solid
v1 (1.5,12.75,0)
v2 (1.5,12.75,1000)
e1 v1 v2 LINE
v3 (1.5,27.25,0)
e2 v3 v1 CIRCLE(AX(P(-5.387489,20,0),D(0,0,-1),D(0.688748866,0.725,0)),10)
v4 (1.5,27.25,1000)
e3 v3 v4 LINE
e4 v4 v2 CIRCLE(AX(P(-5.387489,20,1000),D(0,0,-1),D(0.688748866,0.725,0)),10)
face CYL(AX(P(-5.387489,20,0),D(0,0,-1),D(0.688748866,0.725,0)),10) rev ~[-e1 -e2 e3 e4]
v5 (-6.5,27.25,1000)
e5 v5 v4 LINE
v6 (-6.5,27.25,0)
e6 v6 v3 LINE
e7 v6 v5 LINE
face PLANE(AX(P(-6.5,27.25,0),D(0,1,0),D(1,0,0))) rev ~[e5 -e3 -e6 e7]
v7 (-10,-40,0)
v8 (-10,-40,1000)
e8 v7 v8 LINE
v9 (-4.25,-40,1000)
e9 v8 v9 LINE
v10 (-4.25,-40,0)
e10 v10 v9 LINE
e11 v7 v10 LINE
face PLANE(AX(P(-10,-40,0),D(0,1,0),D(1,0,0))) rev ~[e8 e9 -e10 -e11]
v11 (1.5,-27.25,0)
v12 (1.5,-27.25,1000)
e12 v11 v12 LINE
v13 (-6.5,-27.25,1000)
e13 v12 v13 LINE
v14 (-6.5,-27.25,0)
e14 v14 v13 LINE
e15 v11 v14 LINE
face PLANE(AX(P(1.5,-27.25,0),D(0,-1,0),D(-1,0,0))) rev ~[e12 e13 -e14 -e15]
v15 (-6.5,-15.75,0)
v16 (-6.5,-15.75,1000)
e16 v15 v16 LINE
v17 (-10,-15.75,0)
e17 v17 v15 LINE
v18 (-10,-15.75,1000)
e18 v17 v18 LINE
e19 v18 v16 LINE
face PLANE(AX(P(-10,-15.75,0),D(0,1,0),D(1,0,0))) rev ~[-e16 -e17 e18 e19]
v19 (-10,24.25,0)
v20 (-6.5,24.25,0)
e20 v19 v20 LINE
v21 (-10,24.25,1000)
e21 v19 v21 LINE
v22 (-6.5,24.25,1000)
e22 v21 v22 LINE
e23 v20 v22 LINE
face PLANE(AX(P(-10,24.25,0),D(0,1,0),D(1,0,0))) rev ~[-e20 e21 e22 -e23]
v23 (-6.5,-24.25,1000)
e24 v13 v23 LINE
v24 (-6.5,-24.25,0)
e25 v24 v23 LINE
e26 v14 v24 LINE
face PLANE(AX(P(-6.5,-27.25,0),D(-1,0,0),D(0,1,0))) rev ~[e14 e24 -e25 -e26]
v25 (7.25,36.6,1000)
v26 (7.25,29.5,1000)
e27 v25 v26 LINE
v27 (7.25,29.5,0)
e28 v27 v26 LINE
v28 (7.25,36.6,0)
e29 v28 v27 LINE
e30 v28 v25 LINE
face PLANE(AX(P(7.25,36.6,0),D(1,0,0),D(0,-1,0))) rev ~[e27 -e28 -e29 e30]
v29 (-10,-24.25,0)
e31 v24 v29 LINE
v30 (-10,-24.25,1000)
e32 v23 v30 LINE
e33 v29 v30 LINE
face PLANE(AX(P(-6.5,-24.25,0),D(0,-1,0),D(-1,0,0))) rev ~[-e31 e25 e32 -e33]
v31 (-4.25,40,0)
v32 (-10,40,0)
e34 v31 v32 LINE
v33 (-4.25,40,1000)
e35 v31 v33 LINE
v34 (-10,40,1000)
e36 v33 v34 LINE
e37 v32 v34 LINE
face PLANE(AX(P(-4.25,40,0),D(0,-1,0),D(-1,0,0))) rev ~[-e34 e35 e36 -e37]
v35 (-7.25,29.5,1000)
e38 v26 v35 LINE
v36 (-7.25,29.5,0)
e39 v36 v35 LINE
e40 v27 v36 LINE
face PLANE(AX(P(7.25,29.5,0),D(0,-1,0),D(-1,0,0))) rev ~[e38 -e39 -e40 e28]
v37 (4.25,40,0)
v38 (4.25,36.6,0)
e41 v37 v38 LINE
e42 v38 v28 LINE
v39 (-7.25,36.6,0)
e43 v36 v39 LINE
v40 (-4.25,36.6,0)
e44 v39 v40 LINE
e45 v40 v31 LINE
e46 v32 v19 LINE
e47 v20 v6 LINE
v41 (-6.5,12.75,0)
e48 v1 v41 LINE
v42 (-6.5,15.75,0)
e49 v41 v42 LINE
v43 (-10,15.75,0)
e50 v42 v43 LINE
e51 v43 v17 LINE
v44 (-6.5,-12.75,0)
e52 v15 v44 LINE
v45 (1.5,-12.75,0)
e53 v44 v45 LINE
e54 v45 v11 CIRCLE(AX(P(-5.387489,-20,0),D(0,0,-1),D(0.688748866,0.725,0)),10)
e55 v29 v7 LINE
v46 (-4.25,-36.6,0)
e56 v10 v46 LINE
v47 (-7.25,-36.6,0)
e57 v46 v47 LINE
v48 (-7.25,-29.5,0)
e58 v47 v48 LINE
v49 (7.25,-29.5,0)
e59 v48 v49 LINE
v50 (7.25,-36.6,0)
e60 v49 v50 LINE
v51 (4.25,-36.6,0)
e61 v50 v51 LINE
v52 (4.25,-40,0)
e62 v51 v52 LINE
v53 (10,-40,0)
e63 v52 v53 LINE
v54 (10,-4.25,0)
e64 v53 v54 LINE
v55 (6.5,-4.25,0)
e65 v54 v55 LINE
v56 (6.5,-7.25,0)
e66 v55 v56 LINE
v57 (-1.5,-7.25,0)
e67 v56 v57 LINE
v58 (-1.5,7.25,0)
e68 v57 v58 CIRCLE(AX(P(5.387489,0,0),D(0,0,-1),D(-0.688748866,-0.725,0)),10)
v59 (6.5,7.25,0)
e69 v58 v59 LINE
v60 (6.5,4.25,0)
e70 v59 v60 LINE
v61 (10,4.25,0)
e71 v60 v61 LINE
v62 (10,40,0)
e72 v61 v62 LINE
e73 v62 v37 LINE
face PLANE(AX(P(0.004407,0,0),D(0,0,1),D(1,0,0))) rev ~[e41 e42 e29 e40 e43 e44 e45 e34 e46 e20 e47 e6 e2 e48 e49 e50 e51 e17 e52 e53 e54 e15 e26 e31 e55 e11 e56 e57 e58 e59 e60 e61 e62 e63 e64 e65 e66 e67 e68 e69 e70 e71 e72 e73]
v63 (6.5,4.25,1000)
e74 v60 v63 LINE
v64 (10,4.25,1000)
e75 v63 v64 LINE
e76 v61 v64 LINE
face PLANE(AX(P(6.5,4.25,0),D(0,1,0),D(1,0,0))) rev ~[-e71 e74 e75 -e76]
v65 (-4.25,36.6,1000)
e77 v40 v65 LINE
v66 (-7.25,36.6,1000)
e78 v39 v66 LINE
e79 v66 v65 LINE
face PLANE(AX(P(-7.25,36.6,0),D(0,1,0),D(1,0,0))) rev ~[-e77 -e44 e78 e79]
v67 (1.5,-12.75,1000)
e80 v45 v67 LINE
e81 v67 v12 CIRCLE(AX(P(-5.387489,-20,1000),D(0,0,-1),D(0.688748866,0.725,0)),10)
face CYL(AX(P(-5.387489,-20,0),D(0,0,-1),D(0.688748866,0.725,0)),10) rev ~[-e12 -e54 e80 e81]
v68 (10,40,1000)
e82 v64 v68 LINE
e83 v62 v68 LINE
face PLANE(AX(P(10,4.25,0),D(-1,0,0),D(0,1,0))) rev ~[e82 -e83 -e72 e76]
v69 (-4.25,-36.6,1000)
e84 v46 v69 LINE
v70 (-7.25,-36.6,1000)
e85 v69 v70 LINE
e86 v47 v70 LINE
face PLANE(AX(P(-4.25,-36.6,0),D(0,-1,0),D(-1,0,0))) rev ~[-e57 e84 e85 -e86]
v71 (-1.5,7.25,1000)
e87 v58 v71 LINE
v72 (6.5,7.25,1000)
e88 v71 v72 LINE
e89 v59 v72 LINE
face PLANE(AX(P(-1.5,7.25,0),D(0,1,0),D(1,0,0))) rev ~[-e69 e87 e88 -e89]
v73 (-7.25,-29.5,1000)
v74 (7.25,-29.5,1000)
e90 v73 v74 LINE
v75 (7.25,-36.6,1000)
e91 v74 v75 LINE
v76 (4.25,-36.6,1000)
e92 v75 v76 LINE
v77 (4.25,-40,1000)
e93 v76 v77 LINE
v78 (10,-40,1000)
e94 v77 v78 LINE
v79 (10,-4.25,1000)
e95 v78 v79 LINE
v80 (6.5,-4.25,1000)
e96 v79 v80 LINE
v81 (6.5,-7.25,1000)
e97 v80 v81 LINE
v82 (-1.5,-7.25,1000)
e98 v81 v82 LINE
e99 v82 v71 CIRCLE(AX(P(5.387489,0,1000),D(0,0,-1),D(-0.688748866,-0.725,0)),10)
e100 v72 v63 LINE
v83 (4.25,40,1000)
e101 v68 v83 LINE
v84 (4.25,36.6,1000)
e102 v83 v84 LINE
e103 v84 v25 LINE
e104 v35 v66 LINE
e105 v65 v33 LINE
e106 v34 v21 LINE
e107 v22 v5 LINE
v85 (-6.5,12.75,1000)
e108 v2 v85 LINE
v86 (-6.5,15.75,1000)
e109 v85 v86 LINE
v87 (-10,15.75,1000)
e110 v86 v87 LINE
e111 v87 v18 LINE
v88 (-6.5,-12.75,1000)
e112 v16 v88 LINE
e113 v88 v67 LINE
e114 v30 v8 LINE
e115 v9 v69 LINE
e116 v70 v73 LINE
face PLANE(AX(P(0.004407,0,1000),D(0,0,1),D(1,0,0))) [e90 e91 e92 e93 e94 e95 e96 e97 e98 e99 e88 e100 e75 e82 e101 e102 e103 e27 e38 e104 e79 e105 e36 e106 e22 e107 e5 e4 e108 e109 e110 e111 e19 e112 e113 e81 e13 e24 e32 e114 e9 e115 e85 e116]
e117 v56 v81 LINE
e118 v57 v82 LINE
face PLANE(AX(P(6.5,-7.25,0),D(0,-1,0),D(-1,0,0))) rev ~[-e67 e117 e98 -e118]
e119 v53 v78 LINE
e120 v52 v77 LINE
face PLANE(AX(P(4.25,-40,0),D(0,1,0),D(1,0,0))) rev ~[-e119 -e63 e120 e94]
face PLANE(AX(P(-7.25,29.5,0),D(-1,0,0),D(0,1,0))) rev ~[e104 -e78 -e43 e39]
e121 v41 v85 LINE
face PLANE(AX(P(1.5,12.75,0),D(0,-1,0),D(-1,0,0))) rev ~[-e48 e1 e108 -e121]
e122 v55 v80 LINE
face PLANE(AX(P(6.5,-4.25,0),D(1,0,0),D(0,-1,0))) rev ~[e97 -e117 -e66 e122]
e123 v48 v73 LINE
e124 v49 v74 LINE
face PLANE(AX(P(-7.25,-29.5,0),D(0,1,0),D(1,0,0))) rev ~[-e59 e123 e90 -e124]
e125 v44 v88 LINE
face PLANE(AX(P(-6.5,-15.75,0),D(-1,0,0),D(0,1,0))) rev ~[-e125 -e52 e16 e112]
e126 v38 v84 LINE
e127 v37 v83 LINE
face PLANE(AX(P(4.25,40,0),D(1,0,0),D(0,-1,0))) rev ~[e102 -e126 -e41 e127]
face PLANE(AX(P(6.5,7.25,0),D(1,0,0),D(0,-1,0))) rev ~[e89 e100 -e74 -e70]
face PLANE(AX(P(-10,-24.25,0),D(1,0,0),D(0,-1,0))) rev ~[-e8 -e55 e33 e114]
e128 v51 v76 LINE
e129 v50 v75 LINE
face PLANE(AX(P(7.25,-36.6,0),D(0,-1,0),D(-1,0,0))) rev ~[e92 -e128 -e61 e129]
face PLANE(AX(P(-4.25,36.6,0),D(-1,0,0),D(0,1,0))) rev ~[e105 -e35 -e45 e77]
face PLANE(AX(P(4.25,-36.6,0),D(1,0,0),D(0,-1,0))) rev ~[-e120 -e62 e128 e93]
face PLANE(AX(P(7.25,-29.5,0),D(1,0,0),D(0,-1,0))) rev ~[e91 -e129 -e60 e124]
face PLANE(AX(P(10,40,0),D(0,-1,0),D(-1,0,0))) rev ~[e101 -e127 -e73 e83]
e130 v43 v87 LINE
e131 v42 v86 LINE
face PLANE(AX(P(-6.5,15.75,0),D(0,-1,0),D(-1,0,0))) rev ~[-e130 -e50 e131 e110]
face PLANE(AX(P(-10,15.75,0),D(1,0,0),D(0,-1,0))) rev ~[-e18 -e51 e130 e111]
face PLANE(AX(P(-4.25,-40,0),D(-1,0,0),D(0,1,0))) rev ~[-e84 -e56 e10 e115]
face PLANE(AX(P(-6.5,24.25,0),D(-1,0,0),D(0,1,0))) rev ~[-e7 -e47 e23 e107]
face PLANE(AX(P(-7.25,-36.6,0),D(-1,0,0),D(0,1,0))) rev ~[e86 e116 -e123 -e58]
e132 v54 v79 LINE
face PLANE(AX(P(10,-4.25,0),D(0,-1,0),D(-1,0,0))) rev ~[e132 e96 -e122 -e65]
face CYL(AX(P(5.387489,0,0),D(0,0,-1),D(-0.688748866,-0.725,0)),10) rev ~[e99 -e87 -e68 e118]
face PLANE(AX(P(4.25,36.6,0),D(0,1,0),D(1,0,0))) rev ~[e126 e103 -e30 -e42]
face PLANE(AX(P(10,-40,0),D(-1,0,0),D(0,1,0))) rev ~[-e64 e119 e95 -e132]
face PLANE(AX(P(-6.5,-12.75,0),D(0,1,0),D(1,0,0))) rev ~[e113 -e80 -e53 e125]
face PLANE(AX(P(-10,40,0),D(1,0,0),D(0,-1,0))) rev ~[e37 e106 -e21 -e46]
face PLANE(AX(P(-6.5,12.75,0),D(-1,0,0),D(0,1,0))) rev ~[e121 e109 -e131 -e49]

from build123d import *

# Parameters (mm, degrees)
EXTRUDE_1_DEPTH = 1000


with BuildPart() as part:
    # Эскиз1 → Бобышка-Вытянуть1 (new body)
    with BuildSketch(Plane.XY):
        with BuildLine():
            Line((-10, 40), (-10, 27.25))
            Line((-10, 27.25), (-10, 24.25))
            Line((-10, 24.25), (-6.5, 24.25))
            Line((-6.5, 24.25), (-6.5, 27.25))
            Line((-6.5, 27.25), (1.5, 27.25))
            ThreePointArc((1.5, 27.25), (4.612511343, 20), (1.5, 12.75))
            Line((1.5, 12.75), (-6.5, 12.75))
            Line((-6.5, 12.75), (-6.5, 15.75))
            Line((-6.5, 15.75), (-10, 15.75))
            Line((-10, 15.75), (-10, 12.75))
            Line((-10, 12.75), (-10, -12.75))
            Line((-10, -12.75), (-10, -15.75))
            Line((-10, -15.75), (-6.5, -15.75))
            Line((-6.5, -15.75), (-6.5, -12.75))
            Line((-6.5, -12.75), (1.5, -12.75))
            ThreePointArc((1.5, -12.75), (4.612511343, -20), (1.5, -27.25))
            Line((1.5, -27.25), (-6.5, -27.25))
            Line((-6.5, -27.25), (-6.5, -24.25))
            Line((-6.5, -24.25), (-10, -24.25))
            Line((-10, -24.25), (-10, -27.25))
            Line((-10, -27.25), (-10, -40))
            Line((-10, -40), (-4.25, -40))
            Line((-4.25, -40), (-4.25, -36.6))
            Line((-4.25, -36.6), (-7.25, -36.6))
            Line((-7.25, -36.6), (-7.25, -29.5))
            Line((-7.25, -29.5), (7.25, -29.5))
            Line((7.25, -29.5), (7.25, -36.6))
            Line((7.25, -36.6), (4.25, -36.6))
            Line((4.25, -36.6), (4.25, -40))
            Line((4.25, -40), (10, -40))
            Line((10, -40), (10, -7.25))
            Line((10, -7.25), (10, -4.25))
            Line((10, -4.25), (6.5, -4.25))
            Line((6.5, -4.25), (6.5, -7.25))
            Line((6.5, -7.25), (-1.5, -7.25))
            ThreePointArc((-1.5, -7.25), (-4.612511343, 0), (-1.5, 7.25))
            Line((-1.5, 7.25), (6.5, 7.25))
            Line((6.5, 7.25), (6.5, 4.25))
            Line((6.5, 4.25), (10, 4.25))
            Line((10, 4.25), (10, 7.25))
            Line((10, 7.25), (10, 40))
            Line((10, 40), (4.25, 40))
            Line((4.25, 40), (4.25, 36.6))
            Line((4.25, 36.6), (7.25, 36.6))
            Line((7.25, 36.6), (7.25, 29.5))
            Line((7.25, 29.5), (-7.25, 29.5))
            Line((-7.25, 29.5), (-7.25, 36.6))
            Line((-7.25, 36.6), (-4.25, 36.6))
            Line((-4.25, 36.6), (-4.25, 40))
            Line((-4.25, 40), (-10, 40))
        make_face()
    extrude(amount=EXTRUDE_1_DEPTH)


solid = part.part
